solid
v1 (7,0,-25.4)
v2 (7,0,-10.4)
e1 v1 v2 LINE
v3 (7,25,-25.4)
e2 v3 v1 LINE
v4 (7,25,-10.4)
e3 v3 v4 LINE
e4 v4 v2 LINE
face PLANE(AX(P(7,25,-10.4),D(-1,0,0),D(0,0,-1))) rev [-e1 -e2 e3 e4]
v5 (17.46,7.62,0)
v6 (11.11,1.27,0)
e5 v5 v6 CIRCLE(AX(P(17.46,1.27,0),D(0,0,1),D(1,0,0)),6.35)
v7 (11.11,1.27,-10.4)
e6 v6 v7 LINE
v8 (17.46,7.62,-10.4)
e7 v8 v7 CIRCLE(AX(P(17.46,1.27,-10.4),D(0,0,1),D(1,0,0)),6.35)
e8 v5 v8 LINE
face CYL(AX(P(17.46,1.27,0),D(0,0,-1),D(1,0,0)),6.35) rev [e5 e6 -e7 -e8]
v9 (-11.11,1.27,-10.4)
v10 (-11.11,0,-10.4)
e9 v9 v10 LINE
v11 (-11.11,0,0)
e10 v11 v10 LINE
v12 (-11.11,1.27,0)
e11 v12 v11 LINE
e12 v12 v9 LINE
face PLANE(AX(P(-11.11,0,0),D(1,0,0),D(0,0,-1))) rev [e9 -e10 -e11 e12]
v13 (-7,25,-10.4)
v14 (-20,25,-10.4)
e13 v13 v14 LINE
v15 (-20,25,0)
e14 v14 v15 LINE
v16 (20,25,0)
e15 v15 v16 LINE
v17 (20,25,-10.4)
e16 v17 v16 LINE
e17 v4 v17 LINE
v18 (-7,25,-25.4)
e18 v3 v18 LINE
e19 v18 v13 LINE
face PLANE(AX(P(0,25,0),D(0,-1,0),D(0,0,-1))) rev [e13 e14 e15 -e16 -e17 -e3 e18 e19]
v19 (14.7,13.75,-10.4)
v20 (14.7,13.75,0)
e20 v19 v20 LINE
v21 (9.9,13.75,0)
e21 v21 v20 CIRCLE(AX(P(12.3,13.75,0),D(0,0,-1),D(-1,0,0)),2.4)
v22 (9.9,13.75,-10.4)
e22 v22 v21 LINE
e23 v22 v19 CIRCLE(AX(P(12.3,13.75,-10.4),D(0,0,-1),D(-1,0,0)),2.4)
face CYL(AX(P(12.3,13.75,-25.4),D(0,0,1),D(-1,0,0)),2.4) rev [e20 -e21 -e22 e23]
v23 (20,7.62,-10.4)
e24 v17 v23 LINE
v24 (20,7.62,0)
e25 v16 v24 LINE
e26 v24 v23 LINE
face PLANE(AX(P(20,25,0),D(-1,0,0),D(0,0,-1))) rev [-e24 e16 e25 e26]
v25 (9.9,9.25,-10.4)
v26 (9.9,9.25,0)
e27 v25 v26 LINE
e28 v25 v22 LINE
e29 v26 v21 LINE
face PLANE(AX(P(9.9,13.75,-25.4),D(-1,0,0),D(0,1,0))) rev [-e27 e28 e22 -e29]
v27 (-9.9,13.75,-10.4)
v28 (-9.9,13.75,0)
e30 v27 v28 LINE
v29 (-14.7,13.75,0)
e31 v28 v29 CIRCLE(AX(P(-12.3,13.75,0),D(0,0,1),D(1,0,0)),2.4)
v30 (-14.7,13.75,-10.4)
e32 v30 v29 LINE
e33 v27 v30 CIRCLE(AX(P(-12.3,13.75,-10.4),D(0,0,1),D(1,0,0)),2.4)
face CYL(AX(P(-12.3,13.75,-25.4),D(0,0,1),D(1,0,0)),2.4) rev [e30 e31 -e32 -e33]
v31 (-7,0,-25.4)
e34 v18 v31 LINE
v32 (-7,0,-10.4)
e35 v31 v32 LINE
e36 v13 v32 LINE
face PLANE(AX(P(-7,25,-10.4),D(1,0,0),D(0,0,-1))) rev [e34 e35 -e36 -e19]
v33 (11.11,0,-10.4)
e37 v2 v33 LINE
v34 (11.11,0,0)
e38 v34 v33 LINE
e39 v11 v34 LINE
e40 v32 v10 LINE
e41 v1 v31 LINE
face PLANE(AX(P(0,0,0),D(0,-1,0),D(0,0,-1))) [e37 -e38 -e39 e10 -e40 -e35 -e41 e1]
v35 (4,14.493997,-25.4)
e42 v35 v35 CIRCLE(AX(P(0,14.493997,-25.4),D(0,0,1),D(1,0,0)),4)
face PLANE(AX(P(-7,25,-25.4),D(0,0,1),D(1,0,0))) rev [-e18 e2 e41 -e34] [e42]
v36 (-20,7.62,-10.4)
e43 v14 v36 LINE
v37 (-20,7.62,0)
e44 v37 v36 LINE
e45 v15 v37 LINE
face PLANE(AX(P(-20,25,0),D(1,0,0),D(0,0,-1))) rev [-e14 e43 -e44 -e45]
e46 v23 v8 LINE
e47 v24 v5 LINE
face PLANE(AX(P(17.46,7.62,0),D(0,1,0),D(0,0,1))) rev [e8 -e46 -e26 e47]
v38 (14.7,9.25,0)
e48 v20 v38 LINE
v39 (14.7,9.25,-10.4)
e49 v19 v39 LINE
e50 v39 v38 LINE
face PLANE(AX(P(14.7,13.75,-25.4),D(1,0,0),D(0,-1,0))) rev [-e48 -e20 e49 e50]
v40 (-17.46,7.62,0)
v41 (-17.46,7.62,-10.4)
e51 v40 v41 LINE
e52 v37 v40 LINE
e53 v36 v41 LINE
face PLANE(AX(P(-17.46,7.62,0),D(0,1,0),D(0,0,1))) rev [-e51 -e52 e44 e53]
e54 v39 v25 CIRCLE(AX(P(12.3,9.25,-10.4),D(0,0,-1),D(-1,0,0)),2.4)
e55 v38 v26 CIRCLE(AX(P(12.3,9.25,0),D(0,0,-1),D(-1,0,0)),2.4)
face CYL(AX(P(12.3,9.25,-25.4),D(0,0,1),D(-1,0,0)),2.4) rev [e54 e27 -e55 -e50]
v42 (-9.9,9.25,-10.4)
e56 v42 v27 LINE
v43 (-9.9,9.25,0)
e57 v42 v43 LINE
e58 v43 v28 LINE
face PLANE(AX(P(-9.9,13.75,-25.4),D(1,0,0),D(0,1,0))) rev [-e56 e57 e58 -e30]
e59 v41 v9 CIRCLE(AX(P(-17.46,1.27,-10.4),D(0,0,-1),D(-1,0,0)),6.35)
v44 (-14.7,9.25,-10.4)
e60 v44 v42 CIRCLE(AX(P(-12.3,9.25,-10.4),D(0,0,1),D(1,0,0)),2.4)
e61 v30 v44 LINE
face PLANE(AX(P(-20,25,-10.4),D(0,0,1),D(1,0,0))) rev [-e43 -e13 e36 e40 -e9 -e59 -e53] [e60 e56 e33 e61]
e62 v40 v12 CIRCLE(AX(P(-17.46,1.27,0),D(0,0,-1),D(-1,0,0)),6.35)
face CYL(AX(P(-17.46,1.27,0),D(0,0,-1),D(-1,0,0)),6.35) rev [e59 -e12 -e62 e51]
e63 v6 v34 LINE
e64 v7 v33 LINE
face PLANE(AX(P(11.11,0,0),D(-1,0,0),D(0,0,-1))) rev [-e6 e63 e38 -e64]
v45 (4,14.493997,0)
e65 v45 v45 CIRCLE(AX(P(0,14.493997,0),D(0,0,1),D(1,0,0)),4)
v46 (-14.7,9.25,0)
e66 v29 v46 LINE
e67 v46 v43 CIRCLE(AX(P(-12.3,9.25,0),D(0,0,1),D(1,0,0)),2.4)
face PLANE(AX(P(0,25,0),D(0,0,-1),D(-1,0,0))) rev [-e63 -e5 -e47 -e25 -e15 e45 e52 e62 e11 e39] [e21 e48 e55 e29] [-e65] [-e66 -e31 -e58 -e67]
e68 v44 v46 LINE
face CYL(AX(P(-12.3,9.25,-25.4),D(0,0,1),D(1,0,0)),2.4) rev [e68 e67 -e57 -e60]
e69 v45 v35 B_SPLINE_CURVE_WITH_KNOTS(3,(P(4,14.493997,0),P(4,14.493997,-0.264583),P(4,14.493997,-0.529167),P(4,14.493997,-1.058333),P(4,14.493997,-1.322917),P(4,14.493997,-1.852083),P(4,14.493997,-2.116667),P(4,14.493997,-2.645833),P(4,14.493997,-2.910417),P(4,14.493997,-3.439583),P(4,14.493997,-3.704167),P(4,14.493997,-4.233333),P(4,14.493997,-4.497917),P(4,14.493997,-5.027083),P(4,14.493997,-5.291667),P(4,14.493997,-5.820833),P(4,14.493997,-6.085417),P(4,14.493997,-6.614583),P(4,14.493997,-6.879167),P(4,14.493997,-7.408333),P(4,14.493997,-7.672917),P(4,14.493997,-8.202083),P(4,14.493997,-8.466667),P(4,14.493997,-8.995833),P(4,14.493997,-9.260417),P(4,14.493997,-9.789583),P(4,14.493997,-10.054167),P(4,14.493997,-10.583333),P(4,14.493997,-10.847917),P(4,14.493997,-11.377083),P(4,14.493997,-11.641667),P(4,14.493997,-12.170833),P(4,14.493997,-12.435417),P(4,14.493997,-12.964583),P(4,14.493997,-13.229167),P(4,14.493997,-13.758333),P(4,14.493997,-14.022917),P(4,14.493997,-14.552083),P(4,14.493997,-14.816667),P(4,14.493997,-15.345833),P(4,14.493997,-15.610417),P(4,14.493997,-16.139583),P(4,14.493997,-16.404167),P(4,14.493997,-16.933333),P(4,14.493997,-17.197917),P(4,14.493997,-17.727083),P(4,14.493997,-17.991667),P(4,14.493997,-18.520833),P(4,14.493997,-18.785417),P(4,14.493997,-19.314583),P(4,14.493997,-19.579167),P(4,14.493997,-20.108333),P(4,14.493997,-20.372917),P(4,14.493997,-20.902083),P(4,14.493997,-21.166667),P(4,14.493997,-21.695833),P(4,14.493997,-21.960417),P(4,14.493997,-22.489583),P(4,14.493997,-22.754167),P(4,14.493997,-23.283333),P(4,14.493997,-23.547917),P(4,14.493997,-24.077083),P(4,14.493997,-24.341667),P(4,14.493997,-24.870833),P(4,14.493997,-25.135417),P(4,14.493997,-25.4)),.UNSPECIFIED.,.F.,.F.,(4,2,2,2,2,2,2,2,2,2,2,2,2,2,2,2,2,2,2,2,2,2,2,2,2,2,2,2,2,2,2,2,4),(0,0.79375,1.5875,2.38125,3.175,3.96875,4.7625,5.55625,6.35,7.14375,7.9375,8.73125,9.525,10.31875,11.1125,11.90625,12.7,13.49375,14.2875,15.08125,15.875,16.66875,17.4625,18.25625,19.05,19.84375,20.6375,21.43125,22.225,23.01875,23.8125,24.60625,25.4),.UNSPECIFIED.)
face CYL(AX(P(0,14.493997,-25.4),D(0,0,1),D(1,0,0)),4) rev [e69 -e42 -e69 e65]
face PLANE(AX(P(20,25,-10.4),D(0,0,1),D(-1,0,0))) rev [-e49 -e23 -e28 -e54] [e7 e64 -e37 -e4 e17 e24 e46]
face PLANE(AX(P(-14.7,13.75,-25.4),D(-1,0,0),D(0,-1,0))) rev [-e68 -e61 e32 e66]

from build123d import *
from build123d.topology import SkipClean

# Parameters (mm, degrees)
BOSS_EXTRUDE1_DEPTH = 25
CUT_EXTRUDE1_DEPTH  = 41.867591072
SKETCH8_R           = 4
CUT_EXTRUDE2_DEPTH  = 41.867591072
CUT_EXTRUDE3_DEPTH  = 36.355339059


with BuildPart() as part:
    # Sketch6 → Boss-Extrude1 (new body)
    with BuildSketch(Plane(origin=(0, 0, 0), x_dir=(1, 0, 0), z_dir=(0, 1, 0))):
        Polygon((0, 0), (-20, 0), (-20, 10.4), (-7, 10.4), (-7, 25.4), (0, 25.4), align=None)
    extrude(amount=BOSS_EXTRUDE1_DEPTH)

    # Sketch7 → Cut-Extrude1 (cut, through all)
    with BuildSketch(Plane.XY):
        with BuildLine():
            Line((-9.9, 13.75), (-9.9, 9.25))
            ThreePointArc((-9.9, 9.25), (-12.3, 6.85), (-14.7, 9.25))
            Line((-14.7, 9.25), (-14.7, 13.75))
            ThreePointArc((-14.7, 13.75), (-12.3, 16.15), (-9.9, 13.75))
        make_face()
    extrude(amount=-CUT_EXTRUDE1_DEPTH, mode=Mode.SUBTRACT)

    # Sketch8 → Cut-Extrude2 (cut, through all)
    with BuildSketch(Plane.XY):
        with Locations((0, 14.49399695)):
            Circle(SKETCH8_R)
    extrude(amount=-CUT_EXTRUDE2_DEPTH, mode=Mode.SUBTRACT)

    # Sketch9 → Cut-Extrude3 (cut, through all)
    with BuildSketch(Plane(origin=(0, 0, -10.4), x_dir=(-1, 0, 0), z_dir=(0, 0, -1))):
        with BuildLine():
            Line((11.11, 0), (11.11, 1.27))
            ThreePointArc((11.11, 1.27), (12.969871939, 5.760128061), (17.46, 7.62))
            Line((17.46, 7.62), (20, 7.62))
            Line((20, 7.62), (20, 0))
            Line((20, 0), (11.11, 0))
        make_face()
    extrude(amount=-CUT_EXTRUDE3_DEPTH, mode=Mode.SUBTRACT)

    # Mirror1: part across plane


with BuildPart() as part_1:
    with SkipClean():  # the faces are left unmerged after this step: merging them gives an invalid solid
        add(part.part)
        add(part.part.mirror(Plane(origin=(0, 0, 0), x_dir=(0, 0, 1), z_dir=(1, 0, 0))))


solid = part_1.part
